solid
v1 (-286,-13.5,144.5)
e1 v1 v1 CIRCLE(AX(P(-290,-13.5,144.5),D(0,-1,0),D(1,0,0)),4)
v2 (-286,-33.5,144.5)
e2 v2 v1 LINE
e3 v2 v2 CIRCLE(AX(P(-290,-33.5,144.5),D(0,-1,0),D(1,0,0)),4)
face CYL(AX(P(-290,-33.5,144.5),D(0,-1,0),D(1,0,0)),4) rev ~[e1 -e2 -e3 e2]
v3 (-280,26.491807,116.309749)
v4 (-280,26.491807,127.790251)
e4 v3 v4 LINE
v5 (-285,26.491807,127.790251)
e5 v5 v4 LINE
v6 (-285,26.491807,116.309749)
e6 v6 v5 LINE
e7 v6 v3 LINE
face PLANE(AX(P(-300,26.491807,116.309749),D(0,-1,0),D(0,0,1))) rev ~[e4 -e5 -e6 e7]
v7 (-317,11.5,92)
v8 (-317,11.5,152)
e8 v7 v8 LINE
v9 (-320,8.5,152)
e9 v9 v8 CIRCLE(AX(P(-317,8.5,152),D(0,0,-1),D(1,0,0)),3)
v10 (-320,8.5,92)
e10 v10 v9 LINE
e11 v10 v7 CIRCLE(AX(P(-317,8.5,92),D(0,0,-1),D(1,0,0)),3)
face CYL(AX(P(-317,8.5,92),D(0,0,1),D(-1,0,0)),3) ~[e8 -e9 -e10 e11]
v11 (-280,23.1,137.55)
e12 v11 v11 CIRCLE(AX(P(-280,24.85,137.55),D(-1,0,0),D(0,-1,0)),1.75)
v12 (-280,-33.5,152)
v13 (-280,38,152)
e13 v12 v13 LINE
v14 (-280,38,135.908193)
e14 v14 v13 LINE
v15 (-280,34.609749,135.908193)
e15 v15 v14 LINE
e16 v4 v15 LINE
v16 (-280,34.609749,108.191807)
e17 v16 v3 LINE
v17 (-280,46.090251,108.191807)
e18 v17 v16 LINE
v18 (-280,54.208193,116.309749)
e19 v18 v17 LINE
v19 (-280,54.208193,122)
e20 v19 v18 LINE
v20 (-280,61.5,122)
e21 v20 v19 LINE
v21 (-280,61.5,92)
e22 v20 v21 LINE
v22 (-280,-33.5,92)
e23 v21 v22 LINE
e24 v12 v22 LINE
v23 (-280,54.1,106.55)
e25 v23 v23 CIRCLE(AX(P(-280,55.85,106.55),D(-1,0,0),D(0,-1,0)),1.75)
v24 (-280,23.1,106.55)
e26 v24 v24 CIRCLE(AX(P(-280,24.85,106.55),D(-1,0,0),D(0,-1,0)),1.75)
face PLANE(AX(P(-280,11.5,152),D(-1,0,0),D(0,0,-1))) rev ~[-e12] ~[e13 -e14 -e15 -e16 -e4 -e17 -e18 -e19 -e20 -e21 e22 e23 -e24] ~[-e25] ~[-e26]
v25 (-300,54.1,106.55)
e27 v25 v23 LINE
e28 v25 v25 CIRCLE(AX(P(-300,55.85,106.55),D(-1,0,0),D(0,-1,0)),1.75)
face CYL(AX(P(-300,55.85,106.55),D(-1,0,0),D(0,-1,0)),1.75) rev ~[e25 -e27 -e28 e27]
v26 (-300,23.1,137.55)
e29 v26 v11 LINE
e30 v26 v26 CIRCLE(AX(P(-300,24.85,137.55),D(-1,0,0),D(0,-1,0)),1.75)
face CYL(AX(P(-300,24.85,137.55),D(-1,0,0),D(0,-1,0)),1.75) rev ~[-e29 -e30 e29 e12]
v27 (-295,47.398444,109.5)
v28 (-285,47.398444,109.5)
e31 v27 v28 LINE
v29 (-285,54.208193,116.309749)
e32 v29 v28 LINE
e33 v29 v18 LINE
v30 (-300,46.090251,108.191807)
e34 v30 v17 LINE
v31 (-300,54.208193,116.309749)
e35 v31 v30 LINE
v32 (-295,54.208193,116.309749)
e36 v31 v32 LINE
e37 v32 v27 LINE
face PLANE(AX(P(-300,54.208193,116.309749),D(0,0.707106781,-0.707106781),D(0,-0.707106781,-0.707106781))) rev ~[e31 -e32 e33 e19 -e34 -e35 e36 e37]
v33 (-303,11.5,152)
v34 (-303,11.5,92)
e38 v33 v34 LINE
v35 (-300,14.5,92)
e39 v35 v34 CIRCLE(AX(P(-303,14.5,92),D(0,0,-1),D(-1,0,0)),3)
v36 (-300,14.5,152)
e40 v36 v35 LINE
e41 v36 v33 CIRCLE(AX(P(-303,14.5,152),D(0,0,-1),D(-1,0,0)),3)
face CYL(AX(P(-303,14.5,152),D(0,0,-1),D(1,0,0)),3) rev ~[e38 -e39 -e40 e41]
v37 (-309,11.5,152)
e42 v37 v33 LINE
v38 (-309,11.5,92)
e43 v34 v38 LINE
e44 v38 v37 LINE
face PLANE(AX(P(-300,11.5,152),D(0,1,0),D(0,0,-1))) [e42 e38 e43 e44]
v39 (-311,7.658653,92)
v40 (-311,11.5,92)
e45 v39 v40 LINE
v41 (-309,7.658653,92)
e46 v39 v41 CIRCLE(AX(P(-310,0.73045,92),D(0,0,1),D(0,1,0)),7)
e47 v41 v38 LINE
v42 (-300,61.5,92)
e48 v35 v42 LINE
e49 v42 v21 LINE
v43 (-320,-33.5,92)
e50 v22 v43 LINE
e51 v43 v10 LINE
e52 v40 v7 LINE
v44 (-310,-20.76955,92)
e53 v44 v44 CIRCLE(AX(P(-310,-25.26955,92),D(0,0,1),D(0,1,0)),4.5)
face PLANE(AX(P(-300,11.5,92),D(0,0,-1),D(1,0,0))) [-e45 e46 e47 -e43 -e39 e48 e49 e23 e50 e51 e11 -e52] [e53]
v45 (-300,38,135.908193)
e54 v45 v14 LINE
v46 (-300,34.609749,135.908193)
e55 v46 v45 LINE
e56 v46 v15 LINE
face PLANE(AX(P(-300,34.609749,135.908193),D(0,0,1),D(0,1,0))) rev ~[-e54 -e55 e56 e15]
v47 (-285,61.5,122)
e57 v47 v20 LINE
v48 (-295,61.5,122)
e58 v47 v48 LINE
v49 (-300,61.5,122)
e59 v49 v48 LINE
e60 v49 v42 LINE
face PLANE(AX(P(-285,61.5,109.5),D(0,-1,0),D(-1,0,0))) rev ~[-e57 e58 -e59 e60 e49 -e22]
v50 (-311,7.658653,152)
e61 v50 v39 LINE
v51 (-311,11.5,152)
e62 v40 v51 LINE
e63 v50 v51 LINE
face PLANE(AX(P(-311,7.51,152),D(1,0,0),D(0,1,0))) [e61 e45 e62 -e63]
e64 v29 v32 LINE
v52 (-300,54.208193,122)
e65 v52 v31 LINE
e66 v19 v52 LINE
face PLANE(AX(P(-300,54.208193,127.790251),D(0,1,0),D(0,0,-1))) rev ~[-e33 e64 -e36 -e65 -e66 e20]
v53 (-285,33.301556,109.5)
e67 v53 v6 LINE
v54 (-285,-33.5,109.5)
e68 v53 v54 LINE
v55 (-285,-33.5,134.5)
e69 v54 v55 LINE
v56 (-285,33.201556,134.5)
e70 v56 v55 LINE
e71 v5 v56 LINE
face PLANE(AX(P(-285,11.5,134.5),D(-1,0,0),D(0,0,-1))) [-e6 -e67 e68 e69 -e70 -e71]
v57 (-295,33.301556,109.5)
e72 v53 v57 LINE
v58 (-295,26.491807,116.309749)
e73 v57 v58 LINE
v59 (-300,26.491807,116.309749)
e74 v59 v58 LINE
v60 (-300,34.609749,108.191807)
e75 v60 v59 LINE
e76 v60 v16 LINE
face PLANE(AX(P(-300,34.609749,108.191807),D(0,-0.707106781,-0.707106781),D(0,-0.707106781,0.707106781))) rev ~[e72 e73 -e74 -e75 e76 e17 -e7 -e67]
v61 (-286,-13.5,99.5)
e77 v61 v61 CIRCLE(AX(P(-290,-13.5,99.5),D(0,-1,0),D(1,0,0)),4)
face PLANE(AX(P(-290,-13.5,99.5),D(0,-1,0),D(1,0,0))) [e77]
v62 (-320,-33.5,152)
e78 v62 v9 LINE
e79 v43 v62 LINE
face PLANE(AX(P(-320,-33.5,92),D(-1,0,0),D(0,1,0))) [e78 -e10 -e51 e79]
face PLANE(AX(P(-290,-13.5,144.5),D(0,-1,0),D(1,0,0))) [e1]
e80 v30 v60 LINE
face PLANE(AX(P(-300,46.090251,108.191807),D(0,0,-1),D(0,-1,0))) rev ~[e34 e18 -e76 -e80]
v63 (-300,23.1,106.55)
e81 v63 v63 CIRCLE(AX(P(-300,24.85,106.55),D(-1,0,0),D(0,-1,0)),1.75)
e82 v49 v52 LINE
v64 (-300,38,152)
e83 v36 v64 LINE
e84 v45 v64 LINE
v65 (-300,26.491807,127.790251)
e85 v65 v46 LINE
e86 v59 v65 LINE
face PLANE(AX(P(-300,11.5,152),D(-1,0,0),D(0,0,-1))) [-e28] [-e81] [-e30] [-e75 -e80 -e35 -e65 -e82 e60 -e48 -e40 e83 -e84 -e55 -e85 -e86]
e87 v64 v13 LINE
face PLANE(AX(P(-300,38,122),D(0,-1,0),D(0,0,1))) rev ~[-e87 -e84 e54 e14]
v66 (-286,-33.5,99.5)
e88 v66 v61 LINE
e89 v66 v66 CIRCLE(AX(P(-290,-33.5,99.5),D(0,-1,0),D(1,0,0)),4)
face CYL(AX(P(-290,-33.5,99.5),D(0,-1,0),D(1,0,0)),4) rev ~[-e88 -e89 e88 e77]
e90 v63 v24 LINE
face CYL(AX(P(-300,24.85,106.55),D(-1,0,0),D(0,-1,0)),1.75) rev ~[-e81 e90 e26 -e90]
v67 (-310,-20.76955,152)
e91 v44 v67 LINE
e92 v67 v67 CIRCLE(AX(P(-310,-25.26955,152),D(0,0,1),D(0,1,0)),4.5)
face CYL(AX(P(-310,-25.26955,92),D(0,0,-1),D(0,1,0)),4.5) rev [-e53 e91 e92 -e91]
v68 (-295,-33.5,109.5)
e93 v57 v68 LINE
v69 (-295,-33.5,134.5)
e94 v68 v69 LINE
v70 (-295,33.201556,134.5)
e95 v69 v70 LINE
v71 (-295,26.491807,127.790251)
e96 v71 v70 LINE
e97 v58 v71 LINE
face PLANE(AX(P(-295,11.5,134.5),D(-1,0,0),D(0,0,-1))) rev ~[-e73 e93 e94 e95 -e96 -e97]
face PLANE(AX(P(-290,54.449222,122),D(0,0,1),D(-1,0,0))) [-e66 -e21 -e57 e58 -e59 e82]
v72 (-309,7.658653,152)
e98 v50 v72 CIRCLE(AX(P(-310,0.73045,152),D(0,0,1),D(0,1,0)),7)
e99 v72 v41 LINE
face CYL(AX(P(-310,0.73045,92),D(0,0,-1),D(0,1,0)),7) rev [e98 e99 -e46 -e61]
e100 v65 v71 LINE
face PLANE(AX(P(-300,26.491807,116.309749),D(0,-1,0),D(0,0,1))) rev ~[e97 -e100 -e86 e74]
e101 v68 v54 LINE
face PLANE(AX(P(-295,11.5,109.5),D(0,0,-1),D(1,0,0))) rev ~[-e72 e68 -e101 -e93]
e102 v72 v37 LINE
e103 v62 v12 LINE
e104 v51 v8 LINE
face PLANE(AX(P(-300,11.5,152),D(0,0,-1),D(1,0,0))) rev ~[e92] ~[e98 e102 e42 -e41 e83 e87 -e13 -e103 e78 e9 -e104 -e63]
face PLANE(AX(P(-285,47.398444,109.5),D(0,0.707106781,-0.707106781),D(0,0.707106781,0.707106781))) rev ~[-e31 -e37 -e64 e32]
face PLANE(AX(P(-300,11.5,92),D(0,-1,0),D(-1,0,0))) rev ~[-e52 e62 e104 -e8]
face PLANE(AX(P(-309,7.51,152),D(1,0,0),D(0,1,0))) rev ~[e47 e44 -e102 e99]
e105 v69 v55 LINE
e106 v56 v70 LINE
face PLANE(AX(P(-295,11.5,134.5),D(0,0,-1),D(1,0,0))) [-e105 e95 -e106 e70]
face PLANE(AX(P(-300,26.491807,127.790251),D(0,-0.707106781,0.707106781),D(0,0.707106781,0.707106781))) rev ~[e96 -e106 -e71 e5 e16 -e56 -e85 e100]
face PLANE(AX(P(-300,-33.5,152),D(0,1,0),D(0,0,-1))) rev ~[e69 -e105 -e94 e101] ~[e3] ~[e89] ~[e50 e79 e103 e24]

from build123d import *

# Parameters (mm, degrees)
SKETCH060_W              = 45
SKETCH060_H              = 20
SKETCH060_R              = 4.5
SKETCH060_R_2            = 7
PAD033_DEPTH             = 60
SKETCH061_W              = 4
SKETCH061_H              = 2
POCKET031_DEPTH          = 60.001
POCKET031_FACE6_W        = 45
POCKET031_FACE6_H        = 60
PAD034_DEPTH             = 20
SKETCH062_W              = 10
SKETCH062_H              = 25
POCKET032_DEPTH          = 47
SKETCH063_R              = 4
POCKET033_DEPTH          = 20
POCKET033_FACE21_W       = 20
POCKET033_FACE21_H       = 60
POCKET033_FACE21_W_2     = 10
POCKET033_FACE21_H_2     = 25
PAD035_DEPTH             = 50
FILLET004_R              = 3
FILLET005_R              = 3
SKETCH064_R              = 1.75
POCKET034_DEPTH          = 20.001
SKETCH065_W              = 23.5
SKETCH065_H              = 30
POCKET035_DEPTH          = 20.001
POCKET035_FACE41_W       = 10
POCKET035_FACE41_H       = 14.1015555269
PAD036_DEPTH             = 12.5
POCKET036_DEPTH          = 35.001
BODY019_PLACEMENT_ANGLE  = 180
CLONE047_PLACEMENT_ANGLE = 90


with BuildPart() as part:
    # Sketch060 → Pad033 (new body)
    with BuildSketch(Plane.XY):
        Rectangle(SKETCH060_W, SKETCH060_H)
        with Locations((-14.26955, 0)):
            Circle(SKETCH060_R, mode=Mode.SUBTRACT)
        with Locations((11.73045, 0)):
            Circle(SKETCH060_R_2, mode=Mode.SUBTRACT)
    extrude(amount=PAD033_DEPTH)

    # Sketch061 (on Face8 of Pad033) → Pocket031 (cut, through all)
    with BuildSketch(Plane.XY.offset(60)):
        with Locations((20.51, 0)):
            Rectangle(SKETCH061_W, SKETCH061_H)
    extrude(amount=-POCKET031_DEPTH, mode=Mode.SUBTRACT)

    # Pocket031 Face6 → Pad034 (add)
    with BuildSketch(Plane(origin=(0, -10, 30), x_dir=(-1, 0, 0), z_dir=(0, -1, 0))):
        Rectangle(POCKET031_FACE6_W, POCKET031_FACE6_H)
    extrude(amount=PAD034_DEPTH)

    # Sketch062 (on Face6 of Pad034) → Pocket032 (cut)
    with BuildSketch(Plane(origin=(-22.5, 0, 0), x_dir=(0, -1, 0), z_dir=(-1, 0, 0))):
        with Locations((20, 30)):
            Rectangle(SKETCH062_W, SKETCH062_H)
    extrude(amount=-POCKET032_DEPTH, mode=Mode.SUBTRACT)

    # Sketch063 (on Face6 of Pocket032) → Pocket033 (cut)
    with BuildSketch(Plane(origin=(-22.5, 0, 0), x_dir=(0, -1, 0), z_dir=(-1, 0, 0))):
        with Locations((20, 52.5)):
            Circle(SKETCH063_R)
        with Locations((20, 7.5)):
            Circle(SKETCH063_R)
    extrude(amount=-POCKET033_DEPTH, mode=Mode.SUBTRACT)

    # Pocket033 Face21 → Pad035 (add)
    with BuildSketch(Plane(origin=(22.5, -20, 30), x_dir=(0, -1, 0), z_dir=(1, 0, 0))):
        Rectangle(POCKET033_FACE21_W, POCKET033_FACE21_H)
        Rectangle(POCKET033_FACE21_W_2, POCKET033_FACE21_H_2, mode=Mode.SUBTRACT)
    extrude(amount=PAD035_DEPTH)

    # Fillet004
    fillet004_edges = [part.edges().sort_by_distance(p)[0] for p in [
        (22.5, -10, 30),
    ]]
    fillet(fillet004_edges, radius=FILLET004_R)

    # Fillet005
    fillet005_edges = [part.edges().sort_by_distance(p)[0] for p in [
        (22.5, 10, 30),
    ]]
    fillet(fillet005_edges, radius=FILLET005_R)

    # Sketch064 (on Face16 of Fillet005) → Pocket034 (cut, through all)
    with BuildSketch(Plane(origin=(0, -10, 0), x_dir=(-1, 0, 0), z_dir=(0, 1, 0))):
        with Locations((-35.85, 45.55)):
            Circle(SKETCH064_R)
        with Locations((-66.85, 45.55)):
            Circle(SKETCH064_R)
        with Locations((-66.85, 14.55)):
            Circle(SKETCH064_R)
        with Locations((-35.85, 14.55)):
            Circle(SKETCH064_R)
        Polygon((-37.4918070123, 35.7902514855), (-45.6097485145, 43.9081929877), (-57.0902514855, 43.9081929877), (-65.2081929877, 35.7902514855), (-65.2081929877, 24.3097485145), (-57.0902514855, 16.1918070123), (-45.6097485145, 16.1918070123), (-37.4918070123, 24.3097485145), align=None)
    extrude(amount=-POCKET034_DEPTH, mode=Mode.SUBTRACT)

    # Sketch065 (on Face16 of Pocket034) → Pocket035 (cut, through all)
    with BuildSketch(Plane(origin=(0, -10, 0), x_dir=(-1, 0, 0), z_dir=(0, 1, 0))):
        with Locations((-60.75, 45)):
            Rectangle(SKETCH065_W, SKETCH065_H)
    extrude(amount=-POCKET035_DEPTH, mode=Mode.SUBTRACT)

    # Pocket035 Face41 → Pad036 (add)
    with BuildSketch(Plane(origin=(65.4492222366, -20, 17.5), x_dir=(0, 1, 0), z_dir=(0, 0, 1))):
        Rectangle(POCKET035_FACE41_W, POCKET035_FACE41_H)
    extrude(amount=PAD036_DEPTH)

    # Pad036 Face50 → Pocket036 (cut, through all)
    with BuildSketch(Plane(origin=(61.3784329533, -25, 25.2399942401), x_dir=(-1, 0, 0), z_dir=(0, -1, 0))):
        Polygon((2.9799884801, 7.7399942401), (-3.8297600344, 0.9302457255), (-3.8297600344, -4.7600057599), (2.9799884801, -4.7600057599), align=None)
    extrude(amount=-POCKET036_DEPTH, mode=Mode.SUBTRACT)


with BuildPart() as part_1:
    # Body019 placement: moved
    add(part.part.moved(Location((-73, 0, 0))).rotate(Axis((-73, 0, 0), (0, 0, 1)), BODY019_PLACEMENT_ANGLE))


with BuildPart() as part_2:
    # Clone047 placement: moved
    add(part_1.part.moved(Location((-310, -84, 92))).rotate(Axis((-310, -84, 92), (0, 0, -1)), CLONE047_PLACEMENT_ANGLE))


solid = part_2.part
